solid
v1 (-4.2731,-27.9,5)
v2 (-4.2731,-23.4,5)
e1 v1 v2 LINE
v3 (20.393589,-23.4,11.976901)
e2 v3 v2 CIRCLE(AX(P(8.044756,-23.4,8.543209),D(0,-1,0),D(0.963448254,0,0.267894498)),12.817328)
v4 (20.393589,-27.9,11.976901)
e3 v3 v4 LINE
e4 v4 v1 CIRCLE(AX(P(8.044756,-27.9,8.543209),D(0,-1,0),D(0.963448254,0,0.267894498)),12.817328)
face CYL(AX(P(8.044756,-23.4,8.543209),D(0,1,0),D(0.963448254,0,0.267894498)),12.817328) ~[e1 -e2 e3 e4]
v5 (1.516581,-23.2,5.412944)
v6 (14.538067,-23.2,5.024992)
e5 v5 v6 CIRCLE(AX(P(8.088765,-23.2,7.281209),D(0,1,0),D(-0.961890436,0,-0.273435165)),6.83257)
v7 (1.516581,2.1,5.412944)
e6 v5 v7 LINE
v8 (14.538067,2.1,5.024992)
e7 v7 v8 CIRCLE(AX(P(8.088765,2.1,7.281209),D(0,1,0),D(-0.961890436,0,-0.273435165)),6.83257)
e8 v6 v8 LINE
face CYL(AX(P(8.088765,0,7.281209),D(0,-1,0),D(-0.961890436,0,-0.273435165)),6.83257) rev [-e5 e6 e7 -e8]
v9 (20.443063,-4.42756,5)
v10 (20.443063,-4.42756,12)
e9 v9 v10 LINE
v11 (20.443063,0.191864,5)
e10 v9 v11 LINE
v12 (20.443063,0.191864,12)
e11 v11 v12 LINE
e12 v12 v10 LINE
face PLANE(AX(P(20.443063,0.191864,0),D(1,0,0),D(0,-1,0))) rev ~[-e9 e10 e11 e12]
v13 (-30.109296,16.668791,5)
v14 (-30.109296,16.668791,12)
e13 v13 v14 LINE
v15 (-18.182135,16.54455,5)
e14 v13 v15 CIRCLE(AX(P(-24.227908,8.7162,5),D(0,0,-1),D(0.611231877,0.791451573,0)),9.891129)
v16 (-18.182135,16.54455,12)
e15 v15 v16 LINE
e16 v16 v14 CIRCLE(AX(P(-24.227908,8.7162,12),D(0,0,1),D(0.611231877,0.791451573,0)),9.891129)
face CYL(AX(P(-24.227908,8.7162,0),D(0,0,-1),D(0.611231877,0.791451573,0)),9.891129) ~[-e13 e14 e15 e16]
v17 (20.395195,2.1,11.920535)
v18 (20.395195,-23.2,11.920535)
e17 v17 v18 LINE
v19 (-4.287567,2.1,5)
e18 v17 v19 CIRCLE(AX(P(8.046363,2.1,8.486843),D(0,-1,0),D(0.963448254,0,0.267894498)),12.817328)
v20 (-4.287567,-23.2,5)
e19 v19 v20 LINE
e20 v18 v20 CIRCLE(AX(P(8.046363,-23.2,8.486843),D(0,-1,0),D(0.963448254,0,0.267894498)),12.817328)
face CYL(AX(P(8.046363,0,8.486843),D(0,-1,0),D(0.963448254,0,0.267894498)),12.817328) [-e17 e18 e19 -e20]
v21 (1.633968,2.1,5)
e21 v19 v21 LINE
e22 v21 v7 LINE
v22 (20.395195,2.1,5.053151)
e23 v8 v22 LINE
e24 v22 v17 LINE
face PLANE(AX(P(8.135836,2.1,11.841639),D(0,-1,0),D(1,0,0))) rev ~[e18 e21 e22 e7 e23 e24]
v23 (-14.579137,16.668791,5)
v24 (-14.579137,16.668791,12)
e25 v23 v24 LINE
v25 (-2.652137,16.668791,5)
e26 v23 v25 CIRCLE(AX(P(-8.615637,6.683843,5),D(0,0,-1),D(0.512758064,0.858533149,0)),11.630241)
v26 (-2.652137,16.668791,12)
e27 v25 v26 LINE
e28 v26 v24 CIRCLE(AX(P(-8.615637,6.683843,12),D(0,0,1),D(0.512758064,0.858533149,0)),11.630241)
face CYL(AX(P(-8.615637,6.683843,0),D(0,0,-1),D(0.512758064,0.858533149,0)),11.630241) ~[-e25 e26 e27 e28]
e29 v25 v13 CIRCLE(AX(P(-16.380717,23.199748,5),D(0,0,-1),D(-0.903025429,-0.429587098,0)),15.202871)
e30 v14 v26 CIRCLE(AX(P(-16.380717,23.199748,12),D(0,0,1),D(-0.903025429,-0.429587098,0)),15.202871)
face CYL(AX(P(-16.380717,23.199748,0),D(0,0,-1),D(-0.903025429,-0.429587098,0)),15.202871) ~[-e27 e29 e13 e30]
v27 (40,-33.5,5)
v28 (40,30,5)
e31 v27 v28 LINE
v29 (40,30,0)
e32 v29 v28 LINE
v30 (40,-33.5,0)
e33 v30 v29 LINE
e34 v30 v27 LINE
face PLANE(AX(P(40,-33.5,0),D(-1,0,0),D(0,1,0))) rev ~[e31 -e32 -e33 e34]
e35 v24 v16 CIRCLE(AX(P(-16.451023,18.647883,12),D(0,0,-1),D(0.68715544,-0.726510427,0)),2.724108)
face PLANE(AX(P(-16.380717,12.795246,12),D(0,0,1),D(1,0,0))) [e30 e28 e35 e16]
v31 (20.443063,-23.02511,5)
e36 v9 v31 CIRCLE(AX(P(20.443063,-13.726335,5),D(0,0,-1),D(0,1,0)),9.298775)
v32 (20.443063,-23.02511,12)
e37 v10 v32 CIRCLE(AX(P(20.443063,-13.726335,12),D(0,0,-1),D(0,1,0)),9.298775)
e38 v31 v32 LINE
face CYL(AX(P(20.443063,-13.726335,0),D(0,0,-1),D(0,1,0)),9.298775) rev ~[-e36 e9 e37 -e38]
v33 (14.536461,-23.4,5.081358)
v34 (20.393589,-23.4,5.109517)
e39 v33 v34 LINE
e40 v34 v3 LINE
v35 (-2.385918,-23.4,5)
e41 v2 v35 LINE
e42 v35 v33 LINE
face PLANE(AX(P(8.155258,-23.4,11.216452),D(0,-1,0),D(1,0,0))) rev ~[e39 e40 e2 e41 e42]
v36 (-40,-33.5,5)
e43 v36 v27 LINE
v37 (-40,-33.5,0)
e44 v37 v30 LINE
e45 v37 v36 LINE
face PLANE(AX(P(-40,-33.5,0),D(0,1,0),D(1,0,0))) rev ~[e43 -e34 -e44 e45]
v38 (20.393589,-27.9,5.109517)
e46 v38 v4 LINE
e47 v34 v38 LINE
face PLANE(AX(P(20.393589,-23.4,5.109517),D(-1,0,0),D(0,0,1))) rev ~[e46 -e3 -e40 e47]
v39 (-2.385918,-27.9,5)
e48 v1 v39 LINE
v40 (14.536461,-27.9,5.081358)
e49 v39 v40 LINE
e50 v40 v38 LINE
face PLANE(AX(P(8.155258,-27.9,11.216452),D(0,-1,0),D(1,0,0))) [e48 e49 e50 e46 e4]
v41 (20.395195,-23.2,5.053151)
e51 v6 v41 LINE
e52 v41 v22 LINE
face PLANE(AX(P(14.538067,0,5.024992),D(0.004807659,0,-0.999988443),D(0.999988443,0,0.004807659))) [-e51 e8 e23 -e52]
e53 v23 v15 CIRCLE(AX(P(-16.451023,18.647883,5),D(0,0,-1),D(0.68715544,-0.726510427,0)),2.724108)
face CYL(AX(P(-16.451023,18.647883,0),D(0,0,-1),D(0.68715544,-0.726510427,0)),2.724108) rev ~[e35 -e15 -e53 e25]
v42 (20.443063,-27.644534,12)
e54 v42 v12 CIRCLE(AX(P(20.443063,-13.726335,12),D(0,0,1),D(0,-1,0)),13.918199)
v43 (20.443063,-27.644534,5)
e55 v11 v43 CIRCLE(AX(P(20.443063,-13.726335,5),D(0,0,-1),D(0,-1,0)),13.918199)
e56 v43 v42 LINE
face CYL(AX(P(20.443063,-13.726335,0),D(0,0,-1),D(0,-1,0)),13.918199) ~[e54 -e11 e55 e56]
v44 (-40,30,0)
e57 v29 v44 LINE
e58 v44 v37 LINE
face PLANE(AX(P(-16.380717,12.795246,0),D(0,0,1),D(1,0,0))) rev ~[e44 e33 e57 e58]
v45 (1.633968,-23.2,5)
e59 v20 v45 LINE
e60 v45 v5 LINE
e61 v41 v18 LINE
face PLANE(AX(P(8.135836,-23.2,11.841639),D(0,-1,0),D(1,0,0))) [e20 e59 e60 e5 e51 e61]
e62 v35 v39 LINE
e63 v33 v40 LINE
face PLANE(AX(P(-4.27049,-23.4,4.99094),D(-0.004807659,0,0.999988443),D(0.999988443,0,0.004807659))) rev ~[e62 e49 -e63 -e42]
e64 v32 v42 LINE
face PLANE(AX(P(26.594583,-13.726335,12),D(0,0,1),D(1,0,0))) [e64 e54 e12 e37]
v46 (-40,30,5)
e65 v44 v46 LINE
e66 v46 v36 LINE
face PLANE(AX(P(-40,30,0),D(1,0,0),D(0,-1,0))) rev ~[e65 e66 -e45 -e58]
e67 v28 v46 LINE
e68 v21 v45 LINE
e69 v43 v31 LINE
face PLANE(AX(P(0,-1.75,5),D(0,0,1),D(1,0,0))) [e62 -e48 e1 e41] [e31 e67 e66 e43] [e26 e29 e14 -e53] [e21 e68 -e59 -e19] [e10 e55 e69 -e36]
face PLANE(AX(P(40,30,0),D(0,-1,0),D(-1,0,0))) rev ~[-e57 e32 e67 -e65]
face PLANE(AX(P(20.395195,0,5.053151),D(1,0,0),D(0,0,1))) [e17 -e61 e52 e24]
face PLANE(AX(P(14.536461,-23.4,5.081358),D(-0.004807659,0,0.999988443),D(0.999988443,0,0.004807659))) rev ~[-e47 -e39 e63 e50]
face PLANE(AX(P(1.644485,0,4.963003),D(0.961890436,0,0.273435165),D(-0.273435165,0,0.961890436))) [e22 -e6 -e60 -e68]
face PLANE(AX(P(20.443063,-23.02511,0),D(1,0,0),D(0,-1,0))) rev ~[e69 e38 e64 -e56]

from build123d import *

# Parameters (mm, degrees)
F2_DEPTH      = 5
F3_DEPTH      = 12
F6_START      = 23.4
F6_DEPTH      = 4.5
F7_DEPTH      = 23.2
F7_DEPTH_BACK = 2.1


with BuildPart() as f2:
    # F0 (on Top) → F2 (new body)
    with BuildSketch(Plane.XY):
        Polygon((-40, -33.5), (40, -33.5), (40, -32.5), (40, -30), (40, 30), (-40, 30), (-40, -30), (-40, -32.5), align=None)
    extrude(amount=F2_DEPTH)

    # F1 (on Top) → F3 (join)
    with BuildSketch(Plane.XY):
        with BuildLine():
            ThreePointArc((-2.6521374299, 16.6687909301), (-16.3807168127, 12.4606072464), (-30.1092961955, 16.6687909301))
            ThreePointArc((-30.1092961955, 16.6687909301), (-16.3807168127, 7.9968769917), (-2.6521374299, 16.6687909301))
        make_face()
        with BuildLine():
            ThreePointArc((-14.5791374299, 16.6687909301), (-16.3571438566, 15.9253940397), (-18.1821348298, 16.5445497046))
            ThreePointArc((-18.1821348298, 16.5445497046), (-24.124880914, 18.6067924142), (-30.1092961955, 16.6687909301))
            ThreePointArc((-30.1092961955, 16.6687909301), (-16.3807168127, 12.4606072464), (-2.6521374299, 16.6687909301))
            ThreePointArc((-2.6521374299, 16.6687909301), (-8.6156374299, 18.3140845418), (-14.5791374299, 16.6687909301))
        make_face()
        with BuildLine():
            Line((20.4430632293, -23.025110057), (20.4430632293, -27.6445335891))
            ThreePointArc((20.4430632293, -27.6445335891), (34.3612617995, -13.7263350189), (20.4430632293, 0.1918635513))
            Line((20.4430632293, 0.1918635513), (20.4430632293, -4.4275599807))
            ThreePointArc((20.4430632293, -4.4275599807), (29.7418382675, -13.7263350189), (20.4430632293, -23.025110057))
        make_face()
    extrude(amount=F3_DEPTH)

    # F5 (on Front) → F6 (join)
    with BuildSketch(Plane.XZ.offset(F6_START)):
        with BuildLine():
            Line((20.3935885802, 5.1095173694), (20.3935885802, 11.976900753))
            ThreePointArc((20.3935885802, 11.976900753), (4.5517351525, 20.8753907692), (-4.2704897933, 4.9909395166))
            Line((-4.2704897933, 4.9909395166), (14.5364608753, 5.0813579703))
            Line((14.5364608753, 5.0813579703), (20.3935885802, 5.1095173694))
        make_face()
    extrude(amount=F6_DEPTH)

    # F4 (on Front) → F7 (join, two sides)
    with BuildSketch(Plane.XZ) as f7_sk:
        with BuildLine():
            Line((20.3951951116, 5.0531513989), (20.3951951116, 11.9205347825))
            ThreePointArc((20.3951951116, 11.9205347825), (4.553341684, 20.8190247987), (-4.2688832618, 4.9345735461))
            Line((-4.2688832618, 4.9345735461), (1.6444845672, 4.9630033317))
            Line((1.6444845672, 4.9630033317), (1.5165806981, 5.4129436612))
            ThreePointArc((1.5165806981, 5.4129436612), (8.2922385909, 14.1107486492), (14.5380674067, 5.0249919998))
            Line((14.5380674067, 5.0249919998), (20.3951951116, 5.0531513989))
        make_face()
    extrude(amount=F7_DEPTH)
    extrude(f7_sk.sketch, amount=-F7_DEPTH_BACK)


solid = f2.part
